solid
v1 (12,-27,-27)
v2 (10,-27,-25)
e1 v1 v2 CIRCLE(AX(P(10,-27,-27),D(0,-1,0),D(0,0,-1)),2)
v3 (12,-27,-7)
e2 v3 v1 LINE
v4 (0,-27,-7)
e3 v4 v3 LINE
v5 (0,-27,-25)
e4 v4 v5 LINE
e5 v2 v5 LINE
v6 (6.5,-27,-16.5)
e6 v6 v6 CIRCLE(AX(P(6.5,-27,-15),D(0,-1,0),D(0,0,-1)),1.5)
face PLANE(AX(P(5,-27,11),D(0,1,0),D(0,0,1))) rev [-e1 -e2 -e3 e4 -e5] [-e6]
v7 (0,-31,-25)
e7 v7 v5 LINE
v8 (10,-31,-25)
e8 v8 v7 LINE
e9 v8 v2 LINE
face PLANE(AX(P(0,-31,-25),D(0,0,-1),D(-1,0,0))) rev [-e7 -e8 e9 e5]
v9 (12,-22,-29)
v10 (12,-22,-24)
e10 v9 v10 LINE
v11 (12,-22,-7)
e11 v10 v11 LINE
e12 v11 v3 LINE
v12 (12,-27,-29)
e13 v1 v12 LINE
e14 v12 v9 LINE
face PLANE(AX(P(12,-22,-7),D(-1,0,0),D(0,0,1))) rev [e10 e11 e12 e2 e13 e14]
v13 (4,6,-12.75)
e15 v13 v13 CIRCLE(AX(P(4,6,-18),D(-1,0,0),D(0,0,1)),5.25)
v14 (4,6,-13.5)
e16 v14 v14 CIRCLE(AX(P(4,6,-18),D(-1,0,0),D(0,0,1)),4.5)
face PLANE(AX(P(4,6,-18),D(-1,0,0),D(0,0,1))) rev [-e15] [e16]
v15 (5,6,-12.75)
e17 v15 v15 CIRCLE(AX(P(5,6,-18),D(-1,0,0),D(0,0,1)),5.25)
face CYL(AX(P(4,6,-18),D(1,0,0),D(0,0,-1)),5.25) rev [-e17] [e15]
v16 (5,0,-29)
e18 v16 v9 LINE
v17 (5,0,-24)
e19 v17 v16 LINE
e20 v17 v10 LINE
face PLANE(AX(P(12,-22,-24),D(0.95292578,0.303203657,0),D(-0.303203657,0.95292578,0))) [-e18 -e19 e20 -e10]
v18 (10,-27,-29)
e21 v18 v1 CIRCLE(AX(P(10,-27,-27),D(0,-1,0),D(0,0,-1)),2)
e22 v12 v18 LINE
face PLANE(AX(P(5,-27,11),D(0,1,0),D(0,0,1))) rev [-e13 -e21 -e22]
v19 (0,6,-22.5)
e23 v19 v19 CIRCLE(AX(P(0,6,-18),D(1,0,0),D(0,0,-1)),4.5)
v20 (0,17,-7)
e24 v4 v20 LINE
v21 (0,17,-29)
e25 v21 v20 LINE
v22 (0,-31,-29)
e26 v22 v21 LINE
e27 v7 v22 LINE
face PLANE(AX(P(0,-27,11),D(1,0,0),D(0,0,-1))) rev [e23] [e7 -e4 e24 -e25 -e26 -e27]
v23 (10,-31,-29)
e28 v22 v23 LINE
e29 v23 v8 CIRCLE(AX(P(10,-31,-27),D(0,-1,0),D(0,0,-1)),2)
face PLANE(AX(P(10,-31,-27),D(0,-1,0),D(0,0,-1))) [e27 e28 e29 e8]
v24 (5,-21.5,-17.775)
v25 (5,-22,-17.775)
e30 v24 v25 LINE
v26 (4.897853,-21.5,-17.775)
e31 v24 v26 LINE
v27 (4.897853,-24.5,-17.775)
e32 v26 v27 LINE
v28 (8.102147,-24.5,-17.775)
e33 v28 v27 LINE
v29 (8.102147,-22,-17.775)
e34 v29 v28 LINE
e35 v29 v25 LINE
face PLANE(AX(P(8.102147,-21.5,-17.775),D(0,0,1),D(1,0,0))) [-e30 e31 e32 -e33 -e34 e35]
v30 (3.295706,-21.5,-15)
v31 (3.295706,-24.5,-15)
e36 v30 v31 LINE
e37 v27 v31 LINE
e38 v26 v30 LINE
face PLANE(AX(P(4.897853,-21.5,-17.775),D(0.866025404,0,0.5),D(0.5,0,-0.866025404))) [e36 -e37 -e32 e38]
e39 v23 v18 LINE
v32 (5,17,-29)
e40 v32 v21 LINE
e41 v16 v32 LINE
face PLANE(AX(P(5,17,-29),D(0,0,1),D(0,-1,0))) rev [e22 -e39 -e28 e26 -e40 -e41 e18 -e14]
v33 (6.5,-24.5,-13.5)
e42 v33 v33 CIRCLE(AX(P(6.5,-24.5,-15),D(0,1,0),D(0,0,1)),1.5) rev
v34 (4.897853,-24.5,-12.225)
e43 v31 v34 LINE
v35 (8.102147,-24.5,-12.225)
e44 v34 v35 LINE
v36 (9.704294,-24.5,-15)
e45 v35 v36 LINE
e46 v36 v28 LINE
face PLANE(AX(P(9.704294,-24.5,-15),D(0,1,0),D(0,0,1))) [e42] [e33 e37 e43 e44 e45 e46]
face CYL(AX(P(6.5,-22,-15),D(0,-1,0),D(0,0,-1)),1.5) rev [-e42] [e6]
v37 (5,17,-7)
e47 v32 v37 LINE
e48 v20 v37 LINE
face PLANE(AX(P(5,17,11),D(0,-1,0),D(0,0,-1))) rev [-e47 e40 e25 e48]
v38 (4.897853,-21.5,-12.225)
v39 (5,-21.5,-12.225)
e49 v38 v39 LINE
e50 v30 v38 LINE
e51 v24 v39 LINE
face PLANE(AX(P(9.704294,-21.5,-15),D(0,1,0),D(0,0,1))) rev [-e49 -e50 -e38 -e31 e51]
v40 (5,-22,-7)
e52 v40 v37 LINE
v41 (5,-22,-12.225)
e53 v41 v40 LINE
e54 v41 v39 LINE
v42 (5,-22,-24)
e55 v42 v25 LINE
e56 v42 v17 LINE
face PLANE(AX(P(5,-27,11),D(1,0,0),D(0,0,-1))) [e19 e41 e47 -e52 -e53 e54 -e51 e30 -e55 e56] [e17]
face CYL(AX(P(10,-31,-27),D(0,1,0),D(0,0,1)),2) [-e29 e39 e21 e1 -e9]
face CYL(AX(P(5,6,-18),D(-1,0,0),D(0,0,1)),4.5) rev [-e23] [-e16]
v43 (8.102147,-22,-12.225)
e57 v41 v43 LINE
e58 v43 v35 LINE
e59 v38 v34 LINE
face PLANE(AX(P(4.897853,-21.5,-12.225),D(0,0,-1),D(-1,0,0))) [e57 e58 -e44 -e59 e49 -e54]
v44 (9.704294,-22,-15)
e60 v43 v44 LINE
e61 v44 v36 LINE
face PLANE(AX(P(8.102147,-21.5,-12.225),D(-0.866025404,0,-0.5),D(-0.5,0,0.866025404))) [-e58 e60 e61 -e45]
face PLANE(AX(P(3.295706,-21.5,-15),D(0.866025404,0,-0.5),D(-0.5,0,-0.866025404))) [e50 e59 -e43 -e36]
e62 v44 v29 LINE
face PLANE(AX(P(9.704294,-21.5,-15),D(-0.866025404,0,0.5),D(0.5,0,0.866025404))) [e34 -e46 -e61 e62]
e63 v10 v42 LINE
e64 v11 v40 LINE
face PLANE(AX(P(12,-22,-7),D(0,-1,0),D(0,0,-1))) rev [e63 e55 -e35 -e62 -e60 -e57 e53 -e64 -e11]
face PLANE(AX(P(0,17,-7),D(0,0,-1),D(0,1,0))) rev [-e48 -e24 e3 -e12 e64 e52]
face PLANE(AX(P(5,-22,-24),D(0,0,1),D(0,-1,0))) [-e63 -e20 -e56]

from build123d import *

# Parameters (mm, degrees)
SKETCH_1_W               = 40
SKETCH_1_H               = 44
SKETCH_1_R               = 4.5
EXTRUDE_1_DEPTH          = 5
SKETCH_2_R               = 5.25
CUT_EXTRUDE_1_DEPTH      = 1
SKETCH_3_W               = 18
SKETCH_3_H               = 44
CUT_EXTRUDE_2_DEPTH      = 6
SKETCH_4_R               = 4.5
EXTRUDE_2_DEPTH          = 5
SKETCH_5_W               = 22
SKETCH_5_H               = 5
EXTRUDE_3_DEPTH          = 7
EXTRUDE_4_DEPTH          = 4
SKETCH_7_R               = 1.5
CUT_EXTRUDE_3_DEPTH      = 5
CUT_EXTRUDE_4_DEPTH      = 0.5
CUT_EXTRUDE_4_DEPTH_BACK = 2.5
EXTRUDE_5_DEPTH          = 5


with BuildPart() as part:
    # 草图1 → 凸台-拉伸1 (new body)
    with BuildSketch(Plane(origin=(0, 0, 0), x_dir=(0, 0, -1), z_dir=(1, 0, 0))):
        with Locations((9, -5)):
            Rectangle(SKETCH_1_W, SKETCH_1_H)
        Circle(SKETCH_1_R, mode=Mode.SUBTRACT)
        with Locations((18, 6)):
            Circle(SKETCH_1_R, mode=Mode.SUBTRACT)
        with Locations((11.543885882, -13.351449313)):
            Circle(SKETCH_1_R, mode=Mode.SUBTRACT)
    extrude(amount=EXTRUDE_1_DEPTH)

    # 草图2 → 切除-拉伸1 (cut)
    with BuildSketch(Plane.ZY.offset(-5)):
        with Locations((-18, 6)):
            Circle(SKETCH_2_R)
        Circle(SKETCH_2_R)
    extrude(amount=CUT_EXTRUDE_1_DEPTH, mode=Mode.SUBTRACT)

    # 草图3 → 切除-拉伸2 (cut, through all)
    with BuildSketch(Plane(origin=(5, 0, 0), x_dir=(0, 0, -1), z_dir=(1, 0, 0))):
        with Locations((-2, -5)):
            Rectangle(SKETCH_3_W, SKETCH_3_H)
    extrude(amount=-CUT_EXTRUDE_2_DEPTH, mode=Mode.SUBTRACT)

    # 草图4 → 凸台-拉伸2 (add, through all)
    with BuildSketch(Plane(origin=(5, 0, 0), x_dir=(0, 0, -1), z_dir=(1, 0, 0))):
        with Locations((11.543885882, -13.351449313)):
            Circle(SKETCH_4_R)
    extrude(amount=-EXTRUDE_2_DEPTH)

    # 草图5 → 凸台-拉伸3 (add)
    with BuildSketch(Plane(origin=(5, 0, 0), x_dir=(0, 0, -1), z_dir=(1, 0, 0))):
        with Locations((18, -24.5)):
            Rectangle(SKETCH_5_W, SKETCH_5_H)
    extrude(amount=EXTRUDE_3_DEPTH)

    # 草图6 → 凸台-拉伸4 (add)
    with BuildSketch(Plane.XZ.offset(27)):
        with BuildLine():
            Line((0, -29), (10, -29))
            ThreePointArc((10, -29), (12, -27), (10, -25))
            Line((10, -25), (0, -25))
            Line((0, -25), (0, -29))
        make_face()
    extrude(amount=EXTRUDE_4_DEPTH)

    # 草图7 → 切除-拉伸3 (cut)
    with BuildSketch(Plane.XZ.offset(27)):
        with Locations((6.5, -15)):
            Circle(SKETCH_7_R)
    extrude(amount=-CUT_EXTRUDE_3_DEPTH, mode=Mode.SUBTRACT)

    # 草图8 → 切除-拉伸4 (cut, two sides)
    with BuildSketch(Plane(origin=(0, -22, 0), x_dir=(-1, 0, 0), z_dir=(0, 1, 0))) as cut_extrude_4_sk:
        Polygon((-9.704293994, -15), (-8.102146997, -17.775), (-4.897853003, -17.775), (-3.295706006, -15), (-4.897853003, -12.225), (-8.102146997, -12.225), align=None)
    extrude(amount=CUT_EXTRUDE_4_DEPTH, mode=Mode.SUBTRACT)
    extrude(cut_extrude_4_sk.sketch, amount=-CUT_EXTRUDE_4_DEPTH_BACK, mode=Mode.SUBTRACT)

    # 草图9 → 凸台-拉伸5 (add)
    with BuildSketch(Plane(origin=(0, 0, -29), x_dir=(-1, 0, 0), z_dir=(0, 0, -1))):
        Polygon((-5, -22), (-12, -22), (-5, 0), align=None)
    extrude(amount=-EXTRUDE_5_DEPTH)


solid = part.part
